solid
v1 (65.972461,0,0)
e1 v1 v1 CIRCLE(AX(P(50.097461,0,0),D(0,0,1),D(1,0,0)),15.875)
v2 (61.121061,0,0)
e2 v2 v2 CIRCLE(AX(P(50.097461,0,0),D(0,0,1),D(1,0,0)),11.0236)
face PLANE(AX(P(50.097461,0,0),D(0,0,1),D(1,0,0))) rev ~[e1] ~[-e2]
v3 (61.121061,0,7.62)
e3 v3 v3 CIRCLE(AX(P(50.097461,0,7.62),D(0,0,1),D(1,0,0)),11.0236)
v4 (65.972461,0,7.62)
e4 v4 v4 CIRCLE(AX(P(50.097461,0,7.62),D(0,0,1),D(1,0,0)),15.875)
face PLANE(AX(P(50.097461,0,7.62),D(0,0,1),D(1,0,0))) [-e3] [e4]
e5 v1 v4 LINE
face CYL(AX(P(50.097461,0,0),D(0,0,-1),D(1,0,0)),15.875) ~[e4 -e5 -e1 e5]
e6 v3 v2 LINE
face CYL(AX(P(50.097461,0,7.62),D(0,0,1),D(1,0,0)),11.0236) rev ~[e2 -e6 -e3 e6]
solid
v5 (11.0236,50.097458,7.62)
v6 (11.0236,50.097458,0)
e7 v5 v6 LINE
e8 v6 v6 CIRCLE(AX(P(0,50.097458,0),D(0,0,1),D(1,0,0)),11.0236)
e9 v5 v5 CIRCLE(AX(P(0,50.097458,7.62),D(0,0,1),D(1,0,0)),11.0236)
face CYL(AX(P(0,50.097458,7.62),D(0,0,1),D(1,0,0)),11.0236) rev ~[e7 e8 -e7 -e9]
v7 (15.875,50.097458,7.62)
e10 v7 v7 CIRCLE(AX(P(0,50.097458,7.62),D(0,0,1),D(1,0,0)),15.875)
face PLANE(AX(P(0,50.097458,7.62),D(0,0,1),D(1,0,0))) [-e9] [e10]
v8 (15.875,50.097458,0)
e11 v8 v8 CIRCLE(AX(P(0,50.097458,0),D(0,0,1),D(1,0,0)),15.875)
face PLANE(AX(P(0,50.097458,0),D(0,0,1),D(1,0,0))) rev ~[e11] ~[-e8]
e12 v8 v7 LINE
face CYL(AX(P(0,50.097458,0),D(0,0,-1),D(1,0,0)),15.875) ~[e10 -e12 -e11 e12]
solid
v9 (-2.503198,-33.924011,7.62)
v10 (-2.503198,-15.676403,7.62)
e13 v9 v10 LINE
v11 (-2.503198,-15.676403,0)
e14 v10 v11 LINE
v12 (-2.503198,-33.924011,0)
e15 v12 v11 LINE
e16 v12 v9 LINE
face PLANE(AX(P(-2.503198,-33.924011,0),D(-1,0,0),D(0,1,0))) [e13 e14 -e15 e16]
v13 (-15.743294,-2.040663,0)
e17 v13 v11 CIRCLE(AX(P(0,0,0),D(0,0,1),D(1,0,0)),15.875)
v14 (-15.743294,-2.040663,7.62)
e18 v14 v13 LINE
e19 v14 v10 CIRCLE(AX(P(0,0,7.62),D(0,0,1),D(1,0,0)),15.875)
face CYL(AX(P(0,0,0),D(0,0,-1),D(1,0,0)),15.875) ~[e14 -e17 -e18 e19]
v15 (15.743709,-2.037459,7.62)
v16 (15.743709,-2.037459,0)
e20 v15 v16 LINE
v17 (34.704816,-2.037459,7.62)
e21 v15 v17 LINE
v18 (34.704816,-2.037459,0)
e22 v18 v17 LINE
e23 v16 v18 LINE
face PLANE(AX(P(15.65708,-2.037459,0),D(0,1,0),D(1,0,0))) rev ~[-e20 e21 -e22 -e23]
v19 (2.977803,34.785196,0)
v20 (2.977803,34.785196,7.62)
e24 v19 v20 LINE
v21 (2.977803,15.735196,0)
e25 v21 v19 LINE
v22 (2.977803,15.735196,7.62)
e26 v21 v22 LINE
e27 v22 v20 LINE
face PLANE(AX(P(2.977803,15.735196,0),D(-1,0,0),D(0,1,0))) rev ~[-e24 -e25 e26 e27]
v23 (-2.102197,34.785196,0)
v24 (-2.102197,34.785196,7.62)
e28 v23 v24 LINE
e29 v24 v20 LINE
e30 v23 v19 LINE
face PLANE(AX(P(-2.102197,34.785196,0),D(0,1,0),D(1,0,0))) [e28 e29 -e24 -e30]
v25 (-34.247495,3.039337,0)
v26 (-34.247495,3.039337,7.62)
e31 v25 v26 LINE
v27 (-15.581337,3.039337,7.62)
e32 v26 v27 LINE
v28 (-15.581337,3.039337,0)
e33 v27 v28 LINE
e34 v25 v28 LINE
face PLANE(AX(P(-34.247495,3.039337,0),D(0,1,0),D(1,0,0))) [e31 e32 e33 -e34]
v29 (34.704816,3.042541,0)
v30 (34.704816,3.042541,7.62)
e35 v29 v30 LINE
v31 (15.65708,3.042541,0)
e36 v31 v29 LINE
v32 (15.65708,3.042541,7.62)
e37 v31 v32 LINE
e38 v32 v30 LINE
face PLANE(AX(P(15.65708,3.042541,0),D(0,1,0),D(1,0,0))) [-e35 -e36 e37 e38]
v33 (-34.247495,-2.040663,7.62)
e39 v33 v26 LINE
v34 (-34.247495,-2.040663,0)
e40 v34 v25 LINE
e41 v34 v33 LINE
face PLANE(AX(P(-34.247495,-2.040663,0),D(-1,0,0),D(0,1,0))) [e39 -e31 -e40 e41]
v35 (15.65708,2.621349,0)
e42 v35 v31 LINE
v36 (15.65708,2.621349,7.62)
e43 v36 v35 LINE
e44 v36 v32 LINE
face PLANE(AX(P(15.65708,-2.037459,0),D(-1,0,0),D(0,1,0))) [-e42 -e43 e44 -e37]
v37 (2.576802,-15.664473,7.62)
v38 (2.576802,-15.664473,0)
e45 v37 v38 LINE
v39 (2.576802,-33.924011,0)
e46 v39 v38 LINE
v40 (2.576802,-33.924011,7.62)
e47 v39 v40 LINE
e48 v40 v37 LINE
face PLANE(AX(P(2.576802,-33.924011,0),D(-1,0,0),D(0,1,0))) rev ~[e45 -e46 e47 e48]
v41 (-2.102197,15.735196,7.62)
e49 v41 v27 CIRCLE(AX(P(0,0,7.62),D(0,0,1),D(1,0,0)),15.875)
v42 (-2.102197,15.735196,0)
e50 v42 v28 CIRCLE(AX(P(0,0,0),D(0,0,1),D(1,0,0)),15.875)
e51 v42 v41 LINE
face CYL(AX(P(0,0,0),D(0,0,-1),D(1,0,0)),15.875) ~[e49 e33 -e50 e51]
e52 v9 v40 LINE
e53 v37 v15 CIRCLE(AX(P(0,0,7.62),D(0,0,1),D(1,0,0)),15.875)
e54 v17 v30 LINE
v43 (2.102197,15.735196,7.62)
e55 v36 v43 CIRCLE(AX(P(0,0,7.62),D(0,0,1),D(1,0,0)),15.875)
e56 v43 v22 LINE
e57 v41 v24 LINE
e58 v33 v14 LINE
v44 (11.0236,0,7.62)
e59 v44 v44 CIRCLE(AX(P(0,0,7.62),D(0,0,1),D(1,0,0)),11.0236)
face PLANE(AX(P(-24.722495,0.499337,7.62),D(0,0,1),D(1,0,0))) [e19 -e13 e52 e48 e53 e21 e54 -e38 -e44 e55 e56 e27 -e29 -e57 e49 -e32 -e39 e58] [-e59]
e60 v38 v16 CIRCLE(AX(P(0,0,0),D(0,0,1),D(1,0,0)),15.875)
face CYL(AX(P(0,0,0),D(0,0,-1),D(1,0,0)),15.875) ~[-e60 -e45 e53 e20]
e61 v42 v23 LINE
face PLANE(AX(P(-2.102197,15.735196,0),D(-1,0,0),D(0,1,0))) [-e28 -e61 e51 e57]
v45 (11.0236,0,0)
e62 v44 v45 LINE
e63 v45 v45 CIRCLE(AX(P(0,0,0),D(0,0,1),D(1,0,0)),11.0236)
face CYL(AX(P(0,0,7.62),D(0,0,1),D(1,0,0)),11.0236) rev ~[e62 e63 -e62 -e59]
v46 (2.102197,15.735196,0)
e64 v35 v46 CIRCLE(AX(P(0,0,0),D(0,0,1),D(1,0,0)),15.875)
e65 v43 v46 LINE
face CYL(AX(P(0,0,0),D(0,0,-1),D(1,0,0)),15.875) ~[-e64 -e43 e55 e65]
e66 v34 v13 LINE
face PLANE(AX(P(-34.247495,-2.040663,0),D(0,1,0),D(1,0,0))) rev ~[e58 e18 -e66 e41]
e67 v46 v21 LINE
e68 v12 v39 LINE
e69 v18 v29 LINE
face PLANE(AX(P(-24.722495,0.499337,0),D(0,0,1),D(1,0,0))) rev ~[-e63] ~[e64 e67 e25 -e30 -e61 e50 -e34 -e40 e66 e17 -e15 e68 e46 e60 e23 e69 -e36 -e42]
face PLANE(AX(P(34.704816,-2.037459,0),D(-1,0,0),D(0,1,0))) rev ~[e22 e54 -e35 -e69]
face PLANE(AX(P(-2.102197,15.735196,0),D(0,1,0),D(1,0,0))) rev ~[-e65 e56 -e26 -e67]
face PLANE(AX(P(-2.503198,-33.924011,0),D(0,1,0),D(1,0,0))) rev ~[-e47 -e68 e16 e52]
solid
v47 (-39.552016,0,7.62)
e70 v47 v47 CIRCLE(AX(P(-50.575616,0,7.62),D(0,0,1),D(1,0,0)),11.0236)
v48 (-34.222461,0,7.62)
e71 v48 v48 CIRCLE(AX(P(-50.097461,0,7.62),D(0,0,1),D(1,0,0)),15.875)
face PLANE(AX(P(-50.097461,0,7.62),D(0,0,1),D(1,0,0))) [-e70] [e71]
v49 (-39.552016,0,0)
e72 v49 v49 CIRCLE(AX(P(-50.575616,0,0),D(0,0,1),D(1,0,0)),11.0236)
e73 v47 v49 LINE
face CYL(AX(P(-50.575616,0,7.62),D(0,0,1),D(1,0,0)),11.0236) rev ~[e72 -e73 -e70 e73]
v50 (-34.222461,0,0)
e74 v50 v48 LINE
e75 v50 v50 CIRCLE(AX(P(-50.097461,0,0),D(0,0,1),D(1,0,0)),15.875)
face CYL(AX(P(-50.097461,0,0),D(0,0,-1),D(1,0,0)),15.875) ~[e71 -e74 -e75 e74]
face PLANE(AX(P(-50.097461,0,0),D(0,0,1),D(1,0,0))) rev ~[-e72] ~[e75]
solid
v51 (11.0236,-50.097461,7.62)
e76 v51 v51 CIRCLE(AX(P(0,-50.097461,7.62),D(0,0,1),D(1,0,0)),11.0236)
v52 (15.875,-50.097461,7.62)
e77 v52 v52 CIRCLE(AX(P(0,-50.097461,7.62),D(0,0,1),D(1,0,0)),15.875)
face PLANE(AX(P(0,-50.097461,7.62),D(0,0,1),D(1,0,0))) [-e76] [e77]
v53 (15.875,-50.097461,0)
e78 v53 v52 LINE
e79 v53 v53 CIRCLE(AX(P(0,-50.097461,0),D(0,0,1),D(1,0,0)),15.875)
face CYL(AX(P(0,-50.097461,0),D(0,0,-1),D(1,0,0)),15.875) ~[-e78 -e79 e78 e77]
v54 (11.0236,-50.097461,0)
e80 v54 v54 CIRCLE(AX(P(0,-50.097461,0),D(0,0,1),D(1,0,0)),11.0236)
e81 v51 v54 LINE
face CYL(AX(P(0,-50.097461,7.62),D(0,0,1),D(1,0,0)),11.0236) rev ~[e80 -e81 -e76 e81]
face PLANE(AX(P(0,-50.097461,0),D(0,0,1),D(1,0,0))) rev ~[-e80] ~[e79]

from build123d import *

# Parameters (mm, degrees)
F0_R      = 15.875
F1_DEPTH  = 7.62
F2_R      = 11.0236
F3_DEPTH  = 25.4
F4_W      = 19.047736
F4_H      = 5.08
F5_DEPTH  = 7.62
F6_W      = 5.08
F6_H      = 19.05
F7_DEPTH  = 7.62
F8_W      = 5.08
F8_H      = 19.05
F9_DEPTH  = 7.62
F10_W     = 19.05
F10_H     = 5.08
F11_DEPTH = 7.62
F12_R     = 15.875
F13_DEPTH = 7.62
F14_R     = 11.0236
F15_DEPTH = 25.4
F16_R     = 11.0236
F17_DEPTH = 25.4
F18_R     = 11.0236
F19_DEPTH = 25.4
F20_R     = 11.0236
F21_DEPTH = 25.4


with BuildPart() as f1:
    # F0 (on Top) → F1 (new body)
    with BuildSketch(Plane.XY):
        Circle(F0_R)
    extrude(amount=F1_DEPTH)

    # F2 (on face) → F3 (cut)
    with BuildSketch(Plane.XY.offset(7.62)):
        Circle(F2_R)
    extrude(amount=-F3_DEPTH, mode=Mode.SUBTRACT)

    # F4 (on Top) → F5 (join)
    with BuildSketch(Plane.XY):
        with Locations((25.180948, 0.502541)):
            Rectangle(F4_W, F4_H)
    extrude(amount=F5_DEPTH)

    # F6 (on Top) → F7 (join)
    with BuildSketch(Plane.XY):
        with Locations((0.036802, -24.399011)):
            Rectangle(F6_W, F6_H)
    extrude(amount=F7_DEPTH)

    # F8 (on Top) → F9 (join)
    with BuildSketch(Plane.XY):
        with Locations((0.437803, 25.260196)):
            Rectangle(F8_W, F8_H)
    extrude(amount=F9_DEPTH)

    # F10 (on Top) → F11 (join)
    with BuildSketch(Plane.XY):
        with Locations((-24.722495, 0.499337)):
            Rectangle(F10_W, F10_H)
    extrude(amount=F11_DEPTH)


with BuildPart() as f13:
    # F12 (on Top) → F13 (new body)
    with BuildSketch(Plane.XY):
        with Locations((0, 50.097458)):
            Circle(F12_R)
        with Locations((-50.097461, 0)):
            Circle(F12_R)
        with Locations((50.097461, 0)):
            Circle(F12_R)
        with Locations((0, -50.097461)):
            Circle(F12_R)
    extrude(amount=F13_DEPTH)

    # F14 (on face) → F15 (cut)
    with BuildSketch(Plane.XY.offset(7.62)):
        with Locations((-50.575616, 0)):
            Circle(F14_R)
    extrude(amount=-F15_DEPTH, mode=Mode.SUBTRACT)

    # F16 (on face) → F17 (cut)
    with BuildSketch(Plane.XY.offset(7.62)):
        with Locations((0, 50.097458)):
            Circle(F16_R)
    extrude(amount=-F17_DEPTH, mode=Mode.SUBTRACT)

    # F18 (on face) → F19 (cut)
    with BuildSketch(Plane.XY.offset(7.62)):
        with Locations((50.097461, 0)):
            Circle(F18_R)
    extrude(amount=-F19_DEPTH, mode=Mode.SUBTRACT)

    # F20 (on face) → F21 (cut)
    with BuildSketch(Plane.XY.offset(7.62)):
        with Locations((0, -50.097461)):
            Circle(F20_R)
    extrude(amount=-F21_DEPTH, mode=Mode.SUBTRACT)


solid = Compound([f1.part, f13.part])
